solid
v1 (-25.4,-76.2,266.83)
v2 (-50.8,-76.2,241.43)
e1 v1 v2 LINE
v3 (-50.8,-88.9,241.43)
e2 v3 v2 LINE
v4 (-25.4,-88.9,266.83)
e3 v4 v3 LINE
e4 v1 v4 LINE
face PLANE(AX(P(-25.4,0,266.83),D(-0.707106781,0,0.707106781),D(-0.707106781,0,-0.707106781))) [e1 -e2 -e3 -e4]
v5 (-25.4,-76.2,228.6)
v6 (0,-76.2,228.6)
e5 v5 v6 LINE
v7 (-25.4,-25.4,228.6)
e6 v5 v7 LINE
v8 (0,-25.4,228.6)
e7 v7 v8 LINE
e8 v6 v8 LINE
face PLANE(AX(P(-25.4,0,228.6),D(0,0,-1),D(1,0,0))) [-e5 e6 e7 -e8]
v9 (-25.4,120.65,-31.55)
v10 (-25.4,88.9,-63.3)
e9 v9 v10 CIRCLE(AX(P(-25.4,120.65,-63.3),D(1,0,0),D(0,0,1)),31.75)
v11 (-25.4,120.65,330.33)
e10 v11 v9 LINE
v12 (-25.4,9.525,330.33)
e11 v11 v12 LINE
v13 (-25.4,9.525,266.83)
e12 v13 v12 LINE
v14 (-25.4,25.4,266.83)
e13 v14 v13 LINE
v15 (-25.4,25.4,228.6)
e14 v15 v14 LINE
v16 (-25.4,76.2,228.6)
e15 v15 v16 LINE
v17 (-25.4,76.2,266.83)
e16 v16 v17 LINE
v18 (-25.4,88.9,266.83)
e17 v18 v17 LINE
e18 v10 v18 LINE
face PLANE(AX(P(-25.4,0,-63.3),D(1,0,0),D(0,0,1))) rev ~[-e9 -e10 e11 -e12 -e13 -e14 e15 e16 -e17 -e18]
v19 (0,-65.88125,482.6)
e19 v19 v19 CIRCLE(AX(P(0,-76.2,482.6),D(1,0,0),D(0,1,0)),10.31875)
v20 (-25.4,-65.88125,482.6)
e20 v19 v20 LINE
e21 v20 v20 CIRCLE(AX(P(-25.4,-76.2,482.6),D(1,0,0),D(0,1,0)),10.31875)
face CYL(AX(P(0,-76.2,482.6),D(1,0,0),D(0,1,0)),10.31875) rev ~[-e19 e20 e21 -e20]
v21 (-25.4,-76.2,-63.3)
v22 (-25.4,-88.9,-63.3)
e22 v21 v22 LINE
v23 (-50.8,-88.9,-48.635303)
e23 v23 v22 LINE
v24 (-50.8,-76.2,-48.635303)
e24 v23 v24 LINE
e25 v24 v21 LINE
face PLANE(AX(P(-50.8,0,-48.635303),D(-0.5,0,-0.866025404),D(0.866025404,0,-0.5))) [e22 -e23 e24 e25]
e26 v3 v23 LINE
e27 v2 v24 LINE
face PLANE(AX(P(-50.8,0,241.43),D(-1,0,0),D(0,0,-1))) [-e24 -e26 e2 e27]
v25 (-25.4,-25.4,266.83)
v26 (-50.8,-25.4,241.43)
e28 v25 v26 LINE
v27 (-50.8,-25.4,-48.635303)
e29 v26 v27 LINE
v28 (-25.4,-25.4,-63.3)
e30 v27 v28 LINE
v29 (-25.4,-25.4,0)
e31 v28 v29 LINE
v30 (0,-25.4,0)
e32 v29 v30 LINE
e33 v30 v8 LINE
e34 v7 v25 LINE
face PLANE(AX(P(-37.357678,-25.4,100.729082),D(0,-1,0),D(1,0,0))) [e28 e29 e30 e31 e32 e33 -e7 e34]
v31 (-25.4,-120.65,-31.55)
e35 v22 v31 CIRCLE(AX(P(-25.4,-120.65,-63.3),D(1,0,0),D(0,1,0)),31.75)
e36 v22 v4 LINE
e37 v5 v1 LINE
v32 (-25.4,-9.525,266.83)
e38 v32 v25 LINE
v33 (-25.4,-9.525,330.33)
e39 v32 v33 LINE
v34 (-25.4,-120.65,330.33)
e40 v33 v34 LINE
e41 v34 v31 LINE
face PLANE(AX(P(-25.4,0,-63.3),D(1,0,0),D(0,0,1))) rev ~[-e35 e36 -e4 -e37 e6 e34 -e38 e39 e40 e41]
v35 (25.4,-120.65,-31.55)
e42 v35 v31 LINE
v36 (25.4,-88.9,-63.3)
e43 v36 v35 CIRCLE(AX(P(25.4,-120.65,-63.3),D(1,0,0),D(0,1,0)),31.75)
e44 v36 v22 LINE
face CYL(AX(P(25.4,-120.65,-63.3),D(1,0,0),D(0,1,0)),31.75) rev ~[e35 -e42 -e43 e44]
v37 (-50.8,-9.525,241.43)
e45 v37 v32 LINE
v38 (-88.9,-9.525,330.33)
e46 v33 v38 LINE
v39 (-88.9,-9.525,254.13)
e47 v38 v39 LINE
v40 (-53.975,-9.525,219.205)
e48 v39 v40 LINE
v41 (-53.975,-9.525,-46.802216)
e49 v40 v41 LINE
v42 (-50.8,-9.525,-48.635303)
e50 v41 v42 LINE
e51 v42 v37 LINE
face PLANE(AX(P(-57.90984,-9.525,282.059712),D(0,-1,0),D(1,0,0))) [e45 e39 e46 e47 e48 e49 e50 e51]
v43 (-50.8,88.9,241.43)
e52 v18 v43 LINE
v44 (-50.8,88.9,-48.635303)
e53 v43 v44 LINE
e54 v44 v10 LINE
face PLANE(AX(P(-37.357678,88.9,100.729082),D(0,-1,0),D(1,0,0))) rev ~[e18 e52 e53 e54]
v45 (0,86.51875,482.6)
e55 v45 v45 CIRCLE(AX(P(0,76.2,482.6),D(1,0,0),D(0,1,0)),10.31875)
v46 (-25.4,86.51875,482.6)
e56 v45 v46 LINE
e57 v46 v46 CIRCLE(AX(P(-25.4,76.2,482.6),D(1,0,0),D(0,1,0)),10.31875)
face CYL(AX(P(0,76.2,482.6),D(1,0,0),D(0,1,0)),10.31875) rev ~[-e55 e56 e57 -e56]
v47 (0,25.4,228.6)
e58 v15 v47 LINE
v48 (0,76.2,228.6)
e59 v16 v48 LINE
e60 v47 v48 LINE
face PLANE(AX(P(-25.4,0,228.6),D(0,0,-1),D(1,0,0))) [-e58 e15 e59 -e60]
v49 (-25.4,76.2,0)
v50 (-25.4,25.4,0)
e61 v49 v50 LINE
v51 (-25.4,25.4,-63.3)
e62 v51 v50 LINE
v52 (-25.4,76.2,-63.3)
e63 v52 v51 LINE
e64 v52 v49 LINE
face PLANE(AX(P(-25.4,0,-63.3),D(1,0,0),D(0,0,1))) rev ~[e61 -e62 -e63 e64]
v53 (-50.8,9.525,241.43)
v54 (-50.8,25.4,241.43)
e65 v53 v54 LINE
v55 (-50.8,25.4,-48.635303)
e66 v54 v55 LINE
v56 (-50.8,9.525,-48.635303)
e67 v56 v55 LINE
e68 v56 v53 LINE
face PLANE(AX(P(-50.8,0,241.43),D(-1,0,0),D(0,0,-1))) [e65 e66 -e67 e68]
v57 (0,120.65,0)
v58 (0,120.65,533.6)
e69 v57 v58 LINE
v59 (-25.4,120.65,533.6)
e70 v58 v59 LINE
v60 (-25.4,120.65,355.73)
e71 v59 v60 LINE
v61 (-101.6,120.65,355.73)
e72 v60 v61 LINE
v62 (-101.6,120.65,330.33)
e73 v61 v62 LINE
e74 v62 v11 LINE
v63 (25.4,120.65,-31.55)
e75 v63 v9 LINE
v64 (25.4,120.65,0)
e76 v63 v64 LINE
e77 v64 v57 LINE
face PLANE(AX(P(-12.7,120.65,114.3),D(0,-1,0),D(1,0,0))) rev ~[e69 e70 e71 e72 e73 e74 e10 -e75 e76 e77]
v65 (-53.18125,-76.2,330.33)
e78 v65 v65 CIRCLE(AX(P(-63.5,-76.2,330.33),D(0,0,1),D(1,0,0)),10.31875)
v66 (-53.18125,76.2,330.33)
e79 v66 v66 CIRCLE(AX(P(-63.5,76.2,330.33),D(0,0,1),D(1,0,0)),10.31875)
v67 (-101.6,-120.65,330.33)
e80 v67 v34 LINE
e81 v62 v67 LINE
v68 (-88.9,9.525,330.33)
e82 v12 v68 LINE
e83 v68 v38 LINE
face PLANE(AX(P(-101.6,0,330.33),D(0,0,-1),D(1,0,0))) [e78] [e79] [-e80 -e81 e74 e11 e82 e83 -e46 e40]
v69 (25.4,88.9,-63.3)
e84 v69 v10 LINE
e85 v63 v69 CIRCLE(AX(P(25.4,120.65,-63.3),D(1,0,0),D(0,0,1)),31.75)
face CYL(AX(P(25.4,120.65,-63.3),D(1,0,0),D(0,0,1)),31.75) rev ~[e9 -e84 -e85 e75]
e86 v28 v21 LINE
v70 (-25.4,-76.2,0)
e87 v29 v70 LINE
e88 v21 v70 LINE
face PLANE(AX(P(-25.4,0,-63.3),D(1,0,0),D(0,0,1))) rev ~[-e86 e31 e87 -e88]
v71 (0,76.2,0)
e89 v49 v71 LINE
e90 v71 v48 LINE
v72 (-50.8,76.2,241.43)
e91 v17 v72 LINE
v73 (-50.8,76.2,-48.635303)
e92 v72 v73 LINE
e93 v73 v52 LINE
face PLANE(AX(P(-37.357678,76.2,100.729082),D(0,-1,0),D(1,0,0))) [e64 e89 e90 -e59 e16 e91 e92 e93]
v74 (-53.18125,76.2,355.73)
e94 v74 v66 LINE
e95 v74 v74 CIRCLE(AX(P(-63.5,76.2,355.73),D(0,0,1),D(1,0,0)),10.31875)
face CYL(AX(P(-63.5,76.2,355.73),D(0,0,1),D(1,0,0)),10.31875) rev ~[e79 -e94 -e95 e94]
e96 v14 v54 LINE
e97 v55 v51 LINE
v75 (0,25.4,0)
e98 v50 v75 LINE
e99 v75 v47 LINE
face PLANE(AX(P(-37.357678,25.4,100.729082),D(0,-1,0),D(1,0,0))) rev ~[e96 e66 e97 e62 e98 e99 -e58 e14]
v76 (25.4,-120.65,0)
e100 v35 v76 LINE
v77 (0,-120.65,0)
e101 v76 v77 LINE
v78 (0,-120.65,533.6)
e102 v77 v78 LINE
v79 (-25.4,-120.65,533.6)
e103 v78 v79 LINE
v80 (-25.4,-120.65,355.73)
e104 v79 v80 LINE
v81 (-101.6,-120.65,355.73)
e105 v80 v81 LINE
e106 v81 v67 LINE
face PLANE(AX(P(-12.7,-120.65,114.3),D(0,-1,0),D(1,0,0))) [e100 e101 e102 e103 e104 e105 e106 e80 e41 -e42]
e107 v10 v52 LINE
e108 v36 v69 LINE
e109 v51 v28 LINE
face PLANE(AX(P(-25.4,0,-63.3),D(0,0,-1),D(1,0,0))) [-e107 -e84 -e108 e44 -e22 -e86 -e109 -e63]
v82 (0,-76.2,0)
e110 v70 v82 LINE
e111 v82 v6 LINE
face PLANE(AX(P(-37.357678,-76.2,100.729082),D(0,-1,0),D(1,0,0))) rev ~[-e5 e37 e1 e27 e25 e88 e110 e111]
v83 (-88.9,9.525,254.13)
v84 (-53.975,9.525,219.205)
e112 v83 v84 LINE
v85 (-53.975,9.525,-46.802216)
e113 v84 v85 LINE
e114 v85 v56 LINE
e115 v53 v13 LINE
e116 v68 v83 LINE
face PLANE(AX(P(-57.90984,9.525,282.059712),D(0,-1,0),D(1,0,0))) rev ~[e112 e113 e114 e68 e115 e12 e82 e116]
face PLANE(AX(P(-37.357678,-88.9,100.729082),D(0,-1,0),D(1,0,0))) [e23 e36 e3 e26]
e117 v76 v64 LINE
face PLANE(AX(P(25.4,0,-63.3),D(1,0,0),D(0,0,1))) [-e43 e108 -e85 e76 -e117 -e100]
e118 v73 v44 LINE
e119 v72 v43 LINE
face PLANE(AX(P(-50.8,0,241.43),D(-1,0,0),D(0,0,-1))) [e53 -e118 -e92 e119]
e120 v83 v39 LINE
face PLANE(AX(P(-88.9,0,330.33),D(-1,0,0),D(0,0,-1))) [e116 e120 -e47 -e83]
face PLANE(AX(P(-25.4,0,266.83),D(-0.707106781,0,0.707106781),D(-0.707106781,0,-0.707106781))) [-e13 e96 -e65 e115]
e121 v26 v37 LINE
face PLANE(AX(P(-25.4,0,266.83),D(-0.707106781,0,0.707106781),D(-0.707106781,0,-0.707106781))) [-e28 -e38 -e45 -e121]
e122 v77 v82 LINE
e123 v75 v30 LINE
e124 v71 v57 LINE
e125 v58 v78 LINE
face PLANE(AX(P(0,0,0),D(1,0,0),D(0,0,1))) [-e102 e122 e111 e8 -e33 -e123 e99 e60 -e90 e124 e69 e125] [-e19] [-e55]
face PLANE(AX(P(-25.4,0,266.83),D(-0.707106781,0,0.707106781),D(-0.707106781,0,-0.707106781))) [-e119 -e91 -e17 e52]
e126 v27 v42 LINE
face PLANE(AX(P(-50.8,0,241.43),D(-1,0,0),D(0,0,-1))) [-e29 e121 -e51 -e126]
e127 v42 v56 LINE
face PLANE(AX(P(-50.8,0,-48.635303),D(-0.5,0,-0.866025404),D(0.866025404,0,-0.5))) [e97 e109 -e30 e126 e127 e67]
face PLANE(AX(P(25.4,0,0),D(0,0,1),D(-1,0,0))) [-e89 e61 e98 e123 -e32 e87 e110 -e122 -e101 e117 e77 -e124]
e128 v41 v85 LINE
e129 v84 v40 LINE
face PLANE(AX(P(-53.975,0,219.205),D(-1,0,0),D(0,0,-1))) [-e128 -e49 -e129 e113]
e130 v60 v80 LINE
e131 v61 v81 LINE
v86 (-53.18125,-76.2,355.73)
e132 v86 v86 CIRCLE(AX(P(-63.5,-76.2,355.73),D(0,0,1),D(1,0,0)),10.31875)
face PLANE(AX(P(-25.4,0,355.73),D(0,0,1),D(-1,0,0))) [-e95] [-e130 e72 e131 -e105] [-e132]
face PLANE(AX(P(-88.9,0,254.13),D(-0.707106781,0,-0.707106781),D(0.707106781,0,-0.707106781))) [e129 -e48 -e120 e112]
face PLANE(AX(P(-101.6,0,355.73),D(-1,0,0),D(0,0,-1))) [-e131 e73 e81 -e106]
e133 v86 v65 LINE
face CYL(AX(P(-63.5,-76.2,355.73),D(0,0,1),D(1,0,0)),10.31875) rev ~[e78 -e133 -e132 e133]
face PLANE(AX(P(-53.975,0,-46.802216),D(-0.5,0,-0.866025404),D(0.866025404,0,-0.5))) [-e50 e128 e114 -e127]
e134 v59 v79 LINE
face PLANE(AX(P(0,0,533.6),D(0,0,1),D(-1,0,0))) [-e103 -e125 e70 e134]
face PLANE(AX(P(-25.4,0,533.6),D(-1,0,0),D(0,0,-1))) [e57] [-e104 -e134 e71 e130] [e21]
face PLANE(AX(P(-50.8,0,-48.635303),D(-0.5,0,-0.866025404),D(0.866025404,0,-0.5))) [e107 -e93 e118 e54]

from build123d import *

# Parameters (mm, degrees)
F0_W      = 25.4
F0_H      = 228.6
F1_DEPTH  = 120.65
F2_DEPTH  = 76.2
F3_DEPTH  = 25.4
F4_R      = 10.31875
F5_DEPTH  = 101.601
F7_DEPTH  = 127.001
F9_DEPTH  = 88.9
F10_DEPTH = 76.2
F11_DEPTH = 25.4
F12_DEPTH = 9.525
F13_R     = 10.31875
F14_DEPTH = 419.031


with BuildPart() as f1:
    # F0 (on Front) → F1 (new body, symmetric)
    with BuildSketch(Plane.XZ):
        with Locations((-12.7, 114.3)):
            Rectangle(F0_W, F0_H)
        Polygon((-25.4, 228.6), (0, 228.6), (0, 533.6), (-25.4, 533.6), (-25.4, 355.73), (-101.6, 355.73), (-101.6, 330.33), (-25.4, 330.33), align=None)
        Polygon((25.4, 0), (0, 0), (-25.4, 0), (-25.4, -63.3), (25.4, -63.3), align=None)
    extrude(amount=F1_DEPTH, both=True)

    # F0 (on Front) → F2 (cut, symmetric)
    with BuildSketch(Plane.XZ):
        with Locations((-12.7, 114.3)):
            Rectangle(F0_W, F0_H)
    extrude(amount=F2_DEPTH, both=True, mode=Mode.SUBTRACT)

    # F0 (on Front) → F3 (join, symmetric)
    with BuildSketch(Plane.XZ):
        with Locations((-12.7, 114.3)):
            Rectangle(F0_W, F0_H)
    extrude(amount=F3_DEPTH, both=True)

    # F4 (on face) → F5 (cut, through all)
    with BuildSketch(Plane.YZ):
        with Locations((-76.2, 482.6)):
            Circle(F4_R)
        with Locations((76.2, 482.6)):
            Circle(F4_R)
    extrude(amount=-F5_DEPTH, mode=Mode.SUBTRACT)

    # F6 (on face) → F7 (cut, through all)
    with BuildSketch(Plane.YZ.offset(25.4)):
        with BuildLine():
            Line((-120.65, -63.3), (-88.9, -63.3))
            ThreePointArc((-88.9, -63.3), (-98.1993596973, -40.8493596973), (-120.65, -31.55))
            Line((-120.65, -31.55), (-120.65, -63.3))
        make_face()
        with BuildLine():
            ThreePointArc((120.65, -31.55), (98.1993596973, -40.8493596973), (88.9, -63.3))
            Line((88.9, -63.3), (120.65, -63.3))
            Line((120.65, -63.3), (120.65, -31.55))
        make_face()
    extrude(amount=-F7_DEPTH, mode=Mode.SUBTRACT)

    # F8 (on Front) → F9 (join, symmetric)
    with BuildSketch(Plane.XZ):
        Polygon((-50.8, -48.6353031626), (-25.4, -63.3), (-25.4, 266.83), (-50.8, 241.43), (-50.8, 216.03), align=None)
    extrude(amount=F9_DEPTH, both=True)

    # F8 (on Front) → F10 (cut, symmetric)
    with BuildSketch(Plane.XZ):
        Polygon((-50.8, -48.6353031626), (-25.4, -63.3), (-25.4, 266.83), (-50.8, 241.43), (-50.8, 216.03), align=None)
    extrude(amount=F10_DEPTH, both=True, mode=Mode.SUBTRACT)

    # F8 (on Front) → F11 (join, symmetric)
    with BuildSketch(Plane.XZ):
        Polygon((-50.8, -48.6353031626), (-25.4, -63.3), (-25.4, 266.83), (-50.8, 241.43), (-50.8, 216.03), align=None)
    extrude(amount=F11_DEPTH, both=True)

    # F8 (on Front) → F12 (join, symmetric)
    with BuildSketch(Plane.XZ):
        Polygon((-50.8, 241.43), (-25.4, 266.83), (-25.4, 330.33), (-88.9, 330.33), (-88.9, 254.13), (-53.975, 219.205), (-50.8, 216.03), align=None)
        Polygon((-53.975, -46.8022160579), (-50.8, -48.6353031626), (-50.8, 216.03), (-53.975, 219.205), align=None)
    extrude(amount=F12_DEPTH, both=True)

    # F13 (on face) → F14 (cut, through all)
    with BuildSketch(Plane.XY.offset(355.73)):
        with Locations((-63.5, 76.2)):
            Circle(F13_R)
        with Locations((-63.5, -76.2)):
            Circle(F13_R)
    extrude(amount=-F14_DEPTH, mode=Mode.SUBTRACT)


solid = f1.part
